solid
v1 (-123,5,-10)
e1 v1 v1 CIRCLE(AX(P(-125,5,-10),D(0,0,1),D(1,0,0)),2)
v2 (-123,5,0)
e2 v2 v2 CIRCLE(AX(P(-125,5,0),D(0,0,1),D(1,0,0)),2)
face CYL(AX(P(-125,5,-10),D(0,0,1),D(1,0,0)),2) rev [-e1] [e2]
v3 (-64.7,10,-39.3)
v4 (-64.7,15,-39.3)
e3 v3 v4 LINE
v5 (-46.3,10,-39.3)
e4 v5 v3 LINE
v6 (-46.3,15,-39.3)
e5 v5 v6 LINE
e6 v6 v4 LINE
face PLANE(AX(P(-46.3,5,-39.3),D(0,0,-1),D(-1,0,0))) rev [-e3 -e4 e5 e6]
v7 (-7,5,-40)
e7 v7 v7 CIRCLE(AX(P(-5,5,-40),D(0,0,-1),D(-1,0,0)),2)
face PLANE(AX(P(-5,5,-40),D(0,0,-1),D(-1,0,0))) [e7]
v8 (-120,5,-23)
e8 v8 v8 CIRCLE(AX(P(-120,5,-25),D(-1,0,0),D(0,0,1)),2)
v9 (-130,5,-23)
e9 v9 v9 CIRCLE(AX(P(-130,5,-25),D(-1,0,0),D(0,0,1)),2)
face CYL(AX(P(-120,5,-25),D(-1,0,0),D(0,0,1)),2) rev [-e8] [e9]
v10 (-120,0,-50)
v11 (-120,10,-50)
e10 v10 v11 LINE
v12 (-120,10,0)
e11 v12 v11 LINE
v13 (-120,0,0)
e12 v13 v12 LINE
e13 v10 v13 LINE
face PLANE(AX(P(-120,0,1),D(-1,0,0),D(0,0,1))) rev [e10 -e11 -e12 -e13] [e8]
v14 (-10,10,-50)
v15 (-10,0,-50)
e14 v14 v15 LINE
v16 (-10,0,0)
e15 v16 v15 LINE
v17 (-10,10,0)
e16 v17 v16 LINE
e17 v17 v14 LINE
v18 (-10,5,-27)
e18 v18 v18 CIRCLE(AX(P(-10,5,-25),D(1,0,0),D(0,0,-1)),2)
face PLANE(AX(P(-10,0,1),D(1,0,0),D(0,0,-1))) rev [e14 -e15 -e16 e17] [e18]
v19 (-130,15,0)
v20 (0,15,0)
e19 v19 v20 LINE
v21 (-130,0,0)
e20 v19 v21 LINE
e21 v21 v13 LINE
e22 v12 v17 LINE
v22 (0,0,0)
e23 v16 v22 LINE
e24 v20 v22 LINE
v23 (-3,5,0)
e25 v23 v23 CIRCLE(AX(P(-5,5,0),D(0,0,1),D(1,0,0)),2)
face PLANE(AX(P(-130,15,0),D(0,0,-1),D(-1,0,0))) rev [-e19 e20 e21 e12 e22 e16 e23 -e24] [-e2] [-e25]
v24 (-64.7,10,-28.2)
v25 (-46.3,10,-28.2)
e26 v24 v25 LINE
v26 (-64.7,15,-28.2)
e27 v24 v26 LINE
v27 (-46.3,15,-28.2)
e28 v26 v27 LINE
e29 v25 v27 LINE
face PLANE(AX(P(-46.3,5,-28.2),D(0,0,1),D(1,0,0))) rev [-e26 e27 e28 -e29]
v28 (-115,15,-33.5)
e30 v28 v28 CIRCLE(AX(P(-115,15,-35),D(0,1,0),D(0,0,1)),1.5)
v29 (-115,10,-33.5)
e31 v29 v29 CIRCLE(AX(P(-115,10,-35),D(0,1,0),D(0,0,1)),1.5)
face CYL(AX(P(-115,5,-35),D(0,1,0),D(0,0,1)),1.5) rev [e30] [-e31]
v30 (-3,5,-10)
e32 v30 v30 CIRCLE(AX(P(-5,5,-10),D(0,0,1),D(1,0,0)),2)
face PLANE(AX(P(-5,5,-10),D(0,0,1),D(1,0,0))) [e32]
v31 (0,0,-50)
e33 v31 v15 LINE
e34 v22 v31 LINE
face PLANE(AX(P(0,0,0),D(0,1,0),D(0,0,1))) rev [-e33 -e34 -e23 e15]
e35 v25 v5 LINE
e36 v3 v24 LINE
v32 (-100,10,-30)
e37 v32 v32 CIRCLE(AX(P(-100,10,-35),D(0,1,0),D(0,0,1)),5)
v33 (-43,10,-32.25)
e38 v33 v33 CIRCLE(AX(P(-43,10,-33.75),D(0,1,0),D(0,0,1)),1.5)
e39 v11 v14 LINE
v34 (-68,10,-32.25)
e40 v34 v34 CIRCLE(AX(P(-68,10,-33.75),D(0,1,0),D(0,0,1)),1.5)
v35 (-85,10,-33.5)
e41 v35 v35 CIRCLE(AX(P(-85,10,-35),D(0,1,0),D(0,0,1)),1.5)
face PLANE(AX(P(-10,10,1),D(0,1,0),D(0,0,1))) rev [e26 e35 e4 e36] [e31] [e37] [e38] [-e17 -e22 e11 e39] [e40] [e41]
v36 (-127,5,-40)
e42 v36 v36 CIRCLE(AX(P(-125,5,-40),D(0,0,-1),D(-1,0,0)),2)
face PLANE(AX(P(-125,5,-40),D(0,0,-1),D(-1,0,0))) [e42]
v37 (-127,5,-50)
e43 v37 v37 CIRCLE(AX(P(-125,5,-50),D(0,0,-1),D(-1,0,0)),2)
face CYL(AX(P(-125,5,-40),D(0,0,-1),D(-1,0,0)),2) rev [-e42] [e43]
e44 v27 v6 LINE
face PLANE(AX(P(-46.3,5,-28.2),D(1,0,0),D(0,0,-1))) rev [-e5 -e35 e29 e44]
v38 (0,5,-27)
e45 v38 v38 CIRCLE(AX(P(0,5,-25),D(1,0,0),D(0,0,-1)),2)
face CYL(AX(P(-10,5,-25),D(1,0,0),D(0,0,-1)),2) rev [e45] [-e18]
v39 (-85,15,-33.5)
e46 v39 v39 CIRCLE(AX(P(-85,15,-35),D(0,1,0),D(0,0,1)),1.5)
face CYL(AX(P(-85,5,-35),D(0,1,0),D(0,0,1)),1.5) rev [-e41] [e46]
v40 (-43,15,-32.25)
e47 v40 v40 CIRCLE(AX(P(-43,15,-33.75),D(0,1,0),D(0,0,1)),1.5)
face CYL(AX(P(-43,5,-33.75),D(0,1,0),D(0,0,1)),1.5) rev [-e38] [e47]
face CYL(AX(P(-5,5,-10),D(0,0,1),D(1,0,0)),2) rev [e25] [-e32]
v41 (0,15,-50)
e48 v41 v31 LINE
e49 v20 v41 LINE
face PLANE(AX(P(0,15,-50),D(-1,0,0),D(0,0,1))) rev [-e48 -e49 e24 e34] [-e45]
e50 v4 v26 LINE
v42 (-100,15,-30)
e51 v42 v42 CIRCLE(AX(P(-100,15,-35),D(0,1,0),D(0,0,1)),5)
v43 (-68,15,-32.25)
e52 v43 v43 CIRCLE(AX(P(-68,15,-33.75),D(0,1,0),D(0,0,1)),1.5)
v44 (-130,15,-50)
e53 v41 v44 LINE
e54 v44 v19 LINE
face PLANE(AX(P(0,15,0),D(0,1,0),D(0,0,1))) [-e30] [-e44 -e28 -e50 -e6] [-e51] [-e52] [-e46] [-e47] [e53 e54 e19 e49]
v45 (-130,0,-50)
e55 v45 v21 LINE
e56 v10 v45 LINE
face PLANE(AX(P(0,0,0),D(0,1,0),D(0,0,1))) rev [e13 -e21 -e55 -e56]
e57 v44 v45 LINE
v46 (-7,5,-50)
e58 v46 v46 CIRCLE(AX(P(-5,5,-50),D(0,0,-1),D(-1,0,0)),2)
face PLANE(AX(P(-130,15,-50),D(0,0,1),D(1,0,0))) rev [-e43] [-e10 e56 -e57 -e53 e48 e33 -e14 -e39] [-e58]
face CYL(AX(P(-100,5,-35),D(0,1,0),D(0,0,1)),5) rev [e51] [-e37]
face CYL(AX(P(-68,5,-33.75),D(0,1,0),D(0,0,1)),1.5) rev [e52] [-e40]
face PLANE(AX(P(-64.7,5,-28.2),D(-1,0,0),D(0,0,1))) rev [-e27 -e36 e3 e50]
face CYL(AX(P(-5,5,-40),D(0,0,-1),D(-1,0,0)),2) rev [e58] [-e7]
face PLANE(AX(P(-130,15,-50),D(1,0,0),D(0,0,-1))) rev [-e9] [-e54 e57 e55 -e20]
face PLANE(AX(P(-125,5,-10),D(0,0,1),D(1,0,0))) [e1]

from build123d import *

# Parameters (mm, degrees)
ESBO_O1_W                = 130
ESBO_O1_H                = 50
RESSALTO_EXTRUS_O1_DEPTH = 15
ESBO_O2_W                = 110
ESBO_O2_H                = 10
CORTE_EXTRUS_O1_DEPTH    = 51
ESBO_O5_R                = 2
CORTE_EXTRUS_O2_DEPTH    = 10
CORTE_EXTRUS_O3_START    = -10
ESBO_O6_R                = 2
CORTE_EXTRUS_O3_DEPTH    = 10
ESBO_O7_R                = 2
CORTE_EXTRUS_O4_DEPTH    = 10
CORTE_EXTRUS_O5_START    = -10
ESBO_O8_R                = 2
CORTE_EXTRUS_O5_DEPTH    = 10
ESBO_O13_R               = 1.5
ESBO_O13_R_2             = 5
CORTE_EXTRUS_O8_DEPTH    = 10
ESBO_O14_R               = 1.5
ESBO_O14_W               = 18.4
ESBO_O14_H               = 11.1
CORTE_EXTRUS_O9_DEPTH    = 10


with BuildPart() as part:
    # Esboço1 → Ressalto-extrusão1 (new body)
    with BuildSketch(Plane(origin=(0, 0, 0), x_dir=(1, 0, 0), z_dir=(0, 1, 0))):
        with Locations((-65, 25)):
            Rectangle(ESBO_O1_W, ESBO_O1_H)
    extrude(amount=RESSALTO_EXTRUS_O1_DEPTH)

    # Esboço2 → Corte-extrusão1 (cut)
    with BuildSketch(Plane(origin=(0, 0, -50), x_dir=(-1, 0, 0), z_dir=(0, 0, -1))):
        with Locations((65, 5)):
            Rectangle(ESBO_O2_W, ESBO_O2_H)
    extrude(amount=-CORTE_EXTRUS_O1_DEPTH, mode=Mode.SUBTRACT)

    # Esboço5 → Corte-extrusão2 (cut)
    with BuildSketch(Plane(origin=(0, 0, -50), x_dir=(-1, 0, 0), z_dir=(0, 0, -1))):
        with Locations((125, 5)):
            Circle(ESBO_O5_R)
        with Locations((5, 5)):
            Circle(ESBO_O5_R)
    extrude(amount=-CORTE_EXTRUS_O2_DEPTH, mode=Mode.SUBTRACT)

    # Esboço6 → Corte-extrusão3 (cut)
    with BuildSketch(Plane.XY.offset(CORTE_EXTRUS_O3_START)):
        with Locations(Location((-125, 5, 0), (0, 0, 180))):
            Circle(ESBO_O6_R)
        with Locations(Location((-5, 5, 0), (0, 0, 180))):
            Circle(ESBO_O6_R)
    extrude(amount=CORTE_EXTRUS_O3_DEPTH, mode=Mode.SUBTRACT)

    # Esboço7 → Corte-extrusão4 (cut)
    with BuildSketch(Plane(origin=(0, 0, 0), x_dir=(0, 0, -1), z_dir=(1, 0, 0))):
        with Locations((25, 5)):
            Circle(ESBO_O7_R)
    extrude(amount=-CORTE_EXTRUS_O4_DEPTH, mode=Mode.SUBTRACT)

    # Esboço8 → Corte-extrusão5 (cut)
    with BuildSketch(Plane.ZY.offset(130).offset(CORTE_EXTRUS_O5_START)):
        with Locations(Location((-25, 5, 0), (0, 0, 180))):
            Circle(ESBO_O8_R)
    extrude(amount=CORTE_EXTRUS_O5_DEPTH, mode=Mode.SUBTRACT)

    # Esboço13 → Corte-extrusão8 (cut)
    with BuildSketch(Plane(origin=(0, 15, 0), x_dir=(1, 0, 0), z_dir=(0, 1, 0))):
        with Locations(Location((-115, 35, 0), (0, 0, 270))):
            Circle(ESBO_O13_R)
        with Locations(Location((-100, 35, 0), (0, 0, 270))):
            Circle(ESBO_O13_R_2)
        with Locations(Location((-85, 35, 0), (0, 0, 270))):
            Circle(ESBO_O13_R)
    extrude(amount=-CORTE_EXTRUS_O8_DEPTH, mode=Mode.SUBTRACT)

    # Esboço14 → Corte-extrusão9 (cut)
    with BuildSketch(Plane(origin=(0, 15, 0), x_dir=(1, 0, 0), z_dir=(0, 1, 0))):
        with Locations(Location((-68, 33.75, 0), (0, 0, 270))):
            Circle(ESBO_O14_R)
        with Locations(Location((-43, 33.75, 0), (0, 0, 270))):
            Circle(ESBO_O14_R)
        with Locations((-55.5, 33.75)):
            Rectangle(ESBO_O14_W, ESBO_O14_H)
    extrude(amount=-CORTE_EXTRUS_O9_DEPTH, mode=Mode.SUBTRACT)


solid = part.part
